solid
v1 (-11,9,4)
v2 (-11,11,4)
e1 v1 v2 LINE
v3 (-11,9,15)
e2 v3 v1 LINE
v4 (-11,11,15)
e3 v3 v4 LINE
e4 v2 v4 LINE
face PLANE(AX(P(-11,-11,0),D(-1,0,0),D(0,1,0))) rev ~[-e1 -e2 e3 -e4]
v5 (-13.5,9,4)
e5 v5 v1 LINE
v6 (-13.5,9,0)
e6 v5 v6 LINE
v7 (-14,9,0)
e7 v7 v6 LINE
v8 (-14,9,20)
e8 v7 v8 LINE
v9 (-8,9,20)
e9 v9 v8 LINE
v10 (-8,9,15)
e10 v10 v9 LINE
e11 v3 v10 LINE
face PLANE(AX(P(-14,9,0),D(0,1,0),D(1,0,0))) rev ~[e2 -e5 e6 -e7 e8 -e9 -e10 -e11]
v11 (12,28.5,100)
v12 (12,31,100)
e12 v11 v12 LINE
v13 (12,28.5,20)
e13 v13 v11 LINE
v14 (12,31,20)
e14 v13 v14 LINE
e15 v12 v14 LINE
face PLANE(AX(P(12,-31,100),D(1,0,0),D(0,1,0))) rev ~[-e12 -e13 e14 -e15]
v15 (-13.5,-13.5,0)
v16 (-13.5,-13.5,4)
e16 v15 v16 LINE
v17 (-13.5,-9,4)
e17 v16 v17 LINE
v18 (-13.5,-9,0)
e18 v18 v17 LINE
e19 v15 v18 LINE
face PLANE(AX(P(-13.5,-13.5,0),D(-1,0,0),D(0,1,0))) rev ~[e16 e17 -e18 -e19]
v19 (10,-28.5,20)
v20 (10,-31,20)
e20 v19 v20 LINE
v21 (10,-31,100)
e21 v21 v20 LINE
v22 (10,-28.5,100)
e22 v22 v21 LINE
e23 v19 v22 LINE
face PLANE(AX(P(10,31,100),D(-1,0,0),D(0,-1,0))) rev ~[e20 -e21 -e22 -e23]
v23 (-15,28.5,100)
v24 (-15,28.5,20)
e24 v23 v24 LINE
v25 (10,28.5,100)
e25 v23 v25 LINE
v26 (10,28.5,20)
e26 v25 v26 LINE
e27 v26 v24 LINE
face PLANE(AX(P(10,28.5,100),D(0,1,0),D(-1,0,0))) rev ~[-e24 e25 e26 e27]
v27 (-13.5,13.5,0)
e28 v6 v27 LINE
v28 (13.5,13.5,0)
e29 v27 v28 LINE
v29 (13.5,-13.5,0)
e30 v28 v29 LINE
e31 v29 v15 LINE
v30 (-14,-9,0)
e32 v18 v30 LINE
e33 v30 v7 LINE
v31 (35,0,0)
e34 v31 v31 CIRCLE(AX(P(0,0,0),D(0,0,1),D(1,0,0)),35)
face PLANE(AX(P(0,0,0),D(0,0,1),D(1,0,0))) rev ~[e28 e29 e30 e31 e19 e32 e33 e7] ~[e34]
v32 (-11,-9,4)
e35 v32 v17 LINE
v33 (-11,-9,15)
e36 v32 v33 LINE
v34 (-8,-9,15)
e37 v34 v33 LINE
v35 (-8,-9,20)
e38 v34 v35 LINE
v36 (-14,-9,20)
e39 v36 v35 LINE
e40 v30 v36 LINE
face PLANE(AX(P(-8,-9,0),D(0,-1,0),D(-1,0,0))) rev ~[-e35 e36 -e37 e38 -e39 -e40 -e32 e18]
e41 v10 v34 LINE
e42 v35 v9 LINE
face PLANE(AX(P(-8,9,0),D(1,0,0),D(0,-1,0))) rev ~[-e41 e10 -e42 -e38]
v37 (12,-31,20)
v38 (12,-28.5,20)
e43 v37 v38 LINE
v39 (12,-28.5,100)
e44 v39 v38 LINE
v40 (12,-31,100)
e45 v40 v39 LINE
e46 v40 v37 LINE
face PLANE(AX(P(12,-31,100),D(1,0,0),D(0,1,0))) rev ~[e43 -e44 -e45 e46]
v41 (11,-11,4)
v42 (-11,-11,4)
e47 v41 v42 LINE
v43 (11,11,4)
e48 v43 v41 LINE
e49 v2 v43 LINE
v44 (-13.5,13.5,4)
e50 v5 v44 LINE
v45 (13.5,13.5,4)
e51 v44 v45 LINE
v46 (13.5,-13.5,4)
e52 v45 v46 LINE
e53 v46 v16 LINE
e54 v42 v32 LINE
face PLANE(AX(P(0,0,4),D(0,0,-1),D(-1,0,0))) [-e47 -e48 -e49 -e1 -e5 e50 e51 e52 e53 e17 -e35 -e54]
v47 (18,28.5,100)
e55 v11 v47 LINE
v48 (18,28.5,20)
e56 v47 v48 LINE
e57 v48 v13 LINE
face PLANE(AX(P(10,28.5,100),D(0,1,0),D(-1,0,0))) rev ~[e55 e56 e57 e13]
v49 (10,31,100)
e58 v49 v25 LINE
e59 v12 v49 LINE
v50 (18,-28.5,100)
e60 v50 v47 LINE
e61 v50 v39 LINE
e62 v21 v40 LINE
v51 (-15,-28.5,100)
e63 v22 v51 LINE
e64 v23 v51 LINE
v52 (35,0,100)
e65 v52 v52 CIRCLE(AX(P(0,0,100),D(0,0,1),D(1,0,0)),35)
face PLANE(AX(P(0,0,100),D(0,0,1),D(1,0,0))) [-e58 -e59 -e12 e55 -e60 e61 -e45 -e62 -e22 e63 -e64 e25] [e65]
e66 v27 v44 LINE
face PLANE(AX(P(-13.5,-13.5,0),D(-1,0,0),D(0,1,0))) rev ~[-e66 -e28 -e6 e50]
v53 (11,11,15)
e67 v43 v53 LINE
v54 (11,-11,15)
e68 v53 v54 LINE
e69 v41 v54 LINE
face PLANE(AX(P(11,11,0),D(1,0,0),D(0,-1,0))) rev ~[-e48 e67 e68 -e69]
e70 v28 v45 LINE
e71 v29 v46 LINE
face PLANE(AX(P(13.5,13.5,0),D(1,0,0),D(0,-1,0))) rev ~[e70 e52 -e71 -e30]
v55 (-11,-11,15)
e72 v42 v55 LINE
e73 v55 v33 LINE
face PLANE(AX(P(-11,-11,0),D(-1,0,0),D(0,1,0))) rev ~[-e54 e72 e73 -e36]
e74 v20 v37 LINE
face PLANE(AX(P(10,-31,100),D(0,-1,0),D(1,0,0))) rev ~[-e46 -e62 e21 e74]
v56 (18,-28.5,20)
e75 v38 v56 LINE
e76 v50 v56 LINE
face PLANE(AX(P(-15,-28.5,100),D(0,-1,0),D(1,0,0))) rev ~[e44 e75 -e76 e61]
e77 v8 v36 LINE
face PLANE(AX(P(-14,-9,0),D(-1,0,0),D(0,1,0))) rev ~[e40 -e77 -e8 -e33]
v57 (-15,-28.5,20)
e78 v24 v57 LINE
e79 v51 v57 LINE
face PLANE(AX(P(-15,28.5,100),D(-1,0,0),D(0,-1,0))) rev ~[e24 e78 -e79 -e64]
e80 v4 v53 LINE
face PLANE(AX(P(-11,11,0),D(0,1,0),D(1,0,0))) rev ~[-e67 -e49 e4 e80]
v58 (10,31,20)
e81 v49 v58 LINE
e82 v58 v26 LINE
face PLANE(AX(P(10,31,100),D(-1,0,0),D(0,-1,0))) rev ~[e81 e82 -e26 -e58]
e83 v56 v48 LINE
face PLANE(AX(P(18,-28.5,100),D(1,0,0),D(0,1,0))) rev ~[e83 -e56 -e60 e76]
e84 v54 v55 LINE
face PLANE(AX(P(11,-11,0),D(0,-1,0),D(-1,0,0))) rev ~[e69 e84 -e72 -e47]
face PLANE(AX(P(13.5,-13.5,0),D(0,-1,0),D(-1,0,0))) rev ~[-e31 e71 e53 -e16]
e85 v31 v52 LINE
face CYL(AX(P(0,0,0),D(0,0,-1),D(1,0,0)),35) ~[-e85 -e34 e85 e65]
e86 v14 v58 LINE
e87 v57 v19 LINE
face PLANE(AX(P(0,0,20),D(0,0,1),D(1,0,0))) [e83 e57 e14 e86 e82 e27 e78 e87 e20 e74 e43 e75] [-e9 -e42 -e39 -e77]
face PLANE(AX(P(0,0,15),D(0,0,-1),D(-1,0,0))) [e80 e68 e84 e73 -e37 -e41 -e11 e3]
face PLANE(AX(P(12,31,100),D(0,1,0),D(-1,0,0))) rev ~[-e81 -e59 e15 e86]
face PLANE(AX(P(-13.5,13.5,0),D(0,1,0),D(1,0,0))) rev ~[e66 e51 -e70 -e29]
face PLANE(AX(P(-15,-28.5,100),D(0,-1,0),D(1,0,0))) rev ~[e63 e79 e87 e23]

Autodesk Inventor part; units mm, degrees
ref_plane "YZ Plane" through (0, 0, 0) normal (1, 0, 0) x (0, 1, 0)
ref_plane "XZ Plane" through (0, 0, 0) normal (0, 1, 0) x (-1, 0, 0)
ref_plane "XY Plane" through (0, 0, 0) normal (0, 0, 1) x (1, 0, 0)
sketch "Skizze1" plane through (0, 0, 0) normal (0, 0, 1) x (1, 0, 0)
  circle A0 centre (0, 0) radius 35
  dimension "d0" = 70
extrude "Extrusion1" add sketch "Skizze1" along normal blind 100
sketch "Skizze2" plane through (0, 0, 100) normal (0, 0, 1) x (1, 0, 0)
  line L0 (10, -31) -> (12, -31)
  line L1 (12, -31) -> (12, 31)
  line L2 (12, 31) -> (10, 31)
  line L3 (10, 31) -> (10, -31)
  point P0 (0, 0)
  point P1 (10, 0)
  dimension "d3" = 2
  dimension "d4" = 62
  dimension "d5" = 10
extrude "Extrusion2" cut sketch "Skizze2" against normal blind 80
sketch "Skizze3" plane through (0, 0, 100) normal (0, 0, 1) x (1, 0, 0)
  line L0 (-15, -28.5) -> (18, -28.5)
  line L1 (18, -28.5) -> (18, 28.5)
  line L2 (18, 28.5) -> (-15, 28.5)
  line L3 (-15, 28.5) -> (-15, -28.5)
  line L4 (10, -31) -> (10, 31) projected
  point P0 (0, 0)
  point P1 (-15, 0)
  dimension "d8" = 8
  dimension "d9" = 57
  dimension "d10" = 25
extrude "Extrusion3" cut sketch "Skizze3" against normal blind 80
sketch "Skizze4" plane through (0, 0, 0) normal (0, 0, -1) x (-1, 0, 0)
  line L0 (-13.5, -13.5) -> (13.5, -13.5)
  line L1 (13.5, -13.5) -> (13.5, 13.5)
  line L2 (13.5, 13.5) -> (-13.5, 13.5)
  line L3 (-13.5, 13.5) -> (-13.5, -13.5)
  line L4 (-13.5, -13.5) -> (13.5, 13.5) construction
  line L5 (13.5, -13.5) -> (-13.5, 13.5) construction
  point P0 (0, 0)
  dimension "d13" = 27
  dimension "d14" = 27
extrude "Extrusion4" cut sketch "Skizze4" against normal blind 4
sketch "Skizze5" plane through (0, 0, 0) normal (0, 0, -1) x (-1, 0, 0)
  line L0 (-11, -11) -> (11, -11)
  line L1 (11, -11) -> (11, 11)
  line L2 (11, 11) -> (-11, 11)
  line L3 (-11, 11) -> (-11, -11)
  line L4 (-11, -11) -> (11, 11) construction
  line L5 (11, -11) -> (-11, 11) construction
  point P0 (0, 0)
  dimension "d17" = 22
  dimension "d18" = 22
extrude "Extrusion5" cut sketch "Skizze5" against normal blind 15
sketch "Skizze6" plane through (0, 0, 0) normal (0, 0, -1) x (-1, 0, 0)
  line L0 (14, 9) -> (8, 9)
  line L1 (8, 9) -> (8, -9)
  line L2 (8, -9) -> (14, -9)
  line L3 (14, -9) -> (14, 9)
  point P0 (0, 0)
  point P1 (8, 0)
  dimension "d22" = 8
  dimension "d23" = 6
  dimension "d24" = 18
extrude "Extrusion6" cut sketch "Skizze6" against normal through all
equation "\"d13\" = d14"
equation "\"d18\" = d17"
properties part number "Zack-Zack"
